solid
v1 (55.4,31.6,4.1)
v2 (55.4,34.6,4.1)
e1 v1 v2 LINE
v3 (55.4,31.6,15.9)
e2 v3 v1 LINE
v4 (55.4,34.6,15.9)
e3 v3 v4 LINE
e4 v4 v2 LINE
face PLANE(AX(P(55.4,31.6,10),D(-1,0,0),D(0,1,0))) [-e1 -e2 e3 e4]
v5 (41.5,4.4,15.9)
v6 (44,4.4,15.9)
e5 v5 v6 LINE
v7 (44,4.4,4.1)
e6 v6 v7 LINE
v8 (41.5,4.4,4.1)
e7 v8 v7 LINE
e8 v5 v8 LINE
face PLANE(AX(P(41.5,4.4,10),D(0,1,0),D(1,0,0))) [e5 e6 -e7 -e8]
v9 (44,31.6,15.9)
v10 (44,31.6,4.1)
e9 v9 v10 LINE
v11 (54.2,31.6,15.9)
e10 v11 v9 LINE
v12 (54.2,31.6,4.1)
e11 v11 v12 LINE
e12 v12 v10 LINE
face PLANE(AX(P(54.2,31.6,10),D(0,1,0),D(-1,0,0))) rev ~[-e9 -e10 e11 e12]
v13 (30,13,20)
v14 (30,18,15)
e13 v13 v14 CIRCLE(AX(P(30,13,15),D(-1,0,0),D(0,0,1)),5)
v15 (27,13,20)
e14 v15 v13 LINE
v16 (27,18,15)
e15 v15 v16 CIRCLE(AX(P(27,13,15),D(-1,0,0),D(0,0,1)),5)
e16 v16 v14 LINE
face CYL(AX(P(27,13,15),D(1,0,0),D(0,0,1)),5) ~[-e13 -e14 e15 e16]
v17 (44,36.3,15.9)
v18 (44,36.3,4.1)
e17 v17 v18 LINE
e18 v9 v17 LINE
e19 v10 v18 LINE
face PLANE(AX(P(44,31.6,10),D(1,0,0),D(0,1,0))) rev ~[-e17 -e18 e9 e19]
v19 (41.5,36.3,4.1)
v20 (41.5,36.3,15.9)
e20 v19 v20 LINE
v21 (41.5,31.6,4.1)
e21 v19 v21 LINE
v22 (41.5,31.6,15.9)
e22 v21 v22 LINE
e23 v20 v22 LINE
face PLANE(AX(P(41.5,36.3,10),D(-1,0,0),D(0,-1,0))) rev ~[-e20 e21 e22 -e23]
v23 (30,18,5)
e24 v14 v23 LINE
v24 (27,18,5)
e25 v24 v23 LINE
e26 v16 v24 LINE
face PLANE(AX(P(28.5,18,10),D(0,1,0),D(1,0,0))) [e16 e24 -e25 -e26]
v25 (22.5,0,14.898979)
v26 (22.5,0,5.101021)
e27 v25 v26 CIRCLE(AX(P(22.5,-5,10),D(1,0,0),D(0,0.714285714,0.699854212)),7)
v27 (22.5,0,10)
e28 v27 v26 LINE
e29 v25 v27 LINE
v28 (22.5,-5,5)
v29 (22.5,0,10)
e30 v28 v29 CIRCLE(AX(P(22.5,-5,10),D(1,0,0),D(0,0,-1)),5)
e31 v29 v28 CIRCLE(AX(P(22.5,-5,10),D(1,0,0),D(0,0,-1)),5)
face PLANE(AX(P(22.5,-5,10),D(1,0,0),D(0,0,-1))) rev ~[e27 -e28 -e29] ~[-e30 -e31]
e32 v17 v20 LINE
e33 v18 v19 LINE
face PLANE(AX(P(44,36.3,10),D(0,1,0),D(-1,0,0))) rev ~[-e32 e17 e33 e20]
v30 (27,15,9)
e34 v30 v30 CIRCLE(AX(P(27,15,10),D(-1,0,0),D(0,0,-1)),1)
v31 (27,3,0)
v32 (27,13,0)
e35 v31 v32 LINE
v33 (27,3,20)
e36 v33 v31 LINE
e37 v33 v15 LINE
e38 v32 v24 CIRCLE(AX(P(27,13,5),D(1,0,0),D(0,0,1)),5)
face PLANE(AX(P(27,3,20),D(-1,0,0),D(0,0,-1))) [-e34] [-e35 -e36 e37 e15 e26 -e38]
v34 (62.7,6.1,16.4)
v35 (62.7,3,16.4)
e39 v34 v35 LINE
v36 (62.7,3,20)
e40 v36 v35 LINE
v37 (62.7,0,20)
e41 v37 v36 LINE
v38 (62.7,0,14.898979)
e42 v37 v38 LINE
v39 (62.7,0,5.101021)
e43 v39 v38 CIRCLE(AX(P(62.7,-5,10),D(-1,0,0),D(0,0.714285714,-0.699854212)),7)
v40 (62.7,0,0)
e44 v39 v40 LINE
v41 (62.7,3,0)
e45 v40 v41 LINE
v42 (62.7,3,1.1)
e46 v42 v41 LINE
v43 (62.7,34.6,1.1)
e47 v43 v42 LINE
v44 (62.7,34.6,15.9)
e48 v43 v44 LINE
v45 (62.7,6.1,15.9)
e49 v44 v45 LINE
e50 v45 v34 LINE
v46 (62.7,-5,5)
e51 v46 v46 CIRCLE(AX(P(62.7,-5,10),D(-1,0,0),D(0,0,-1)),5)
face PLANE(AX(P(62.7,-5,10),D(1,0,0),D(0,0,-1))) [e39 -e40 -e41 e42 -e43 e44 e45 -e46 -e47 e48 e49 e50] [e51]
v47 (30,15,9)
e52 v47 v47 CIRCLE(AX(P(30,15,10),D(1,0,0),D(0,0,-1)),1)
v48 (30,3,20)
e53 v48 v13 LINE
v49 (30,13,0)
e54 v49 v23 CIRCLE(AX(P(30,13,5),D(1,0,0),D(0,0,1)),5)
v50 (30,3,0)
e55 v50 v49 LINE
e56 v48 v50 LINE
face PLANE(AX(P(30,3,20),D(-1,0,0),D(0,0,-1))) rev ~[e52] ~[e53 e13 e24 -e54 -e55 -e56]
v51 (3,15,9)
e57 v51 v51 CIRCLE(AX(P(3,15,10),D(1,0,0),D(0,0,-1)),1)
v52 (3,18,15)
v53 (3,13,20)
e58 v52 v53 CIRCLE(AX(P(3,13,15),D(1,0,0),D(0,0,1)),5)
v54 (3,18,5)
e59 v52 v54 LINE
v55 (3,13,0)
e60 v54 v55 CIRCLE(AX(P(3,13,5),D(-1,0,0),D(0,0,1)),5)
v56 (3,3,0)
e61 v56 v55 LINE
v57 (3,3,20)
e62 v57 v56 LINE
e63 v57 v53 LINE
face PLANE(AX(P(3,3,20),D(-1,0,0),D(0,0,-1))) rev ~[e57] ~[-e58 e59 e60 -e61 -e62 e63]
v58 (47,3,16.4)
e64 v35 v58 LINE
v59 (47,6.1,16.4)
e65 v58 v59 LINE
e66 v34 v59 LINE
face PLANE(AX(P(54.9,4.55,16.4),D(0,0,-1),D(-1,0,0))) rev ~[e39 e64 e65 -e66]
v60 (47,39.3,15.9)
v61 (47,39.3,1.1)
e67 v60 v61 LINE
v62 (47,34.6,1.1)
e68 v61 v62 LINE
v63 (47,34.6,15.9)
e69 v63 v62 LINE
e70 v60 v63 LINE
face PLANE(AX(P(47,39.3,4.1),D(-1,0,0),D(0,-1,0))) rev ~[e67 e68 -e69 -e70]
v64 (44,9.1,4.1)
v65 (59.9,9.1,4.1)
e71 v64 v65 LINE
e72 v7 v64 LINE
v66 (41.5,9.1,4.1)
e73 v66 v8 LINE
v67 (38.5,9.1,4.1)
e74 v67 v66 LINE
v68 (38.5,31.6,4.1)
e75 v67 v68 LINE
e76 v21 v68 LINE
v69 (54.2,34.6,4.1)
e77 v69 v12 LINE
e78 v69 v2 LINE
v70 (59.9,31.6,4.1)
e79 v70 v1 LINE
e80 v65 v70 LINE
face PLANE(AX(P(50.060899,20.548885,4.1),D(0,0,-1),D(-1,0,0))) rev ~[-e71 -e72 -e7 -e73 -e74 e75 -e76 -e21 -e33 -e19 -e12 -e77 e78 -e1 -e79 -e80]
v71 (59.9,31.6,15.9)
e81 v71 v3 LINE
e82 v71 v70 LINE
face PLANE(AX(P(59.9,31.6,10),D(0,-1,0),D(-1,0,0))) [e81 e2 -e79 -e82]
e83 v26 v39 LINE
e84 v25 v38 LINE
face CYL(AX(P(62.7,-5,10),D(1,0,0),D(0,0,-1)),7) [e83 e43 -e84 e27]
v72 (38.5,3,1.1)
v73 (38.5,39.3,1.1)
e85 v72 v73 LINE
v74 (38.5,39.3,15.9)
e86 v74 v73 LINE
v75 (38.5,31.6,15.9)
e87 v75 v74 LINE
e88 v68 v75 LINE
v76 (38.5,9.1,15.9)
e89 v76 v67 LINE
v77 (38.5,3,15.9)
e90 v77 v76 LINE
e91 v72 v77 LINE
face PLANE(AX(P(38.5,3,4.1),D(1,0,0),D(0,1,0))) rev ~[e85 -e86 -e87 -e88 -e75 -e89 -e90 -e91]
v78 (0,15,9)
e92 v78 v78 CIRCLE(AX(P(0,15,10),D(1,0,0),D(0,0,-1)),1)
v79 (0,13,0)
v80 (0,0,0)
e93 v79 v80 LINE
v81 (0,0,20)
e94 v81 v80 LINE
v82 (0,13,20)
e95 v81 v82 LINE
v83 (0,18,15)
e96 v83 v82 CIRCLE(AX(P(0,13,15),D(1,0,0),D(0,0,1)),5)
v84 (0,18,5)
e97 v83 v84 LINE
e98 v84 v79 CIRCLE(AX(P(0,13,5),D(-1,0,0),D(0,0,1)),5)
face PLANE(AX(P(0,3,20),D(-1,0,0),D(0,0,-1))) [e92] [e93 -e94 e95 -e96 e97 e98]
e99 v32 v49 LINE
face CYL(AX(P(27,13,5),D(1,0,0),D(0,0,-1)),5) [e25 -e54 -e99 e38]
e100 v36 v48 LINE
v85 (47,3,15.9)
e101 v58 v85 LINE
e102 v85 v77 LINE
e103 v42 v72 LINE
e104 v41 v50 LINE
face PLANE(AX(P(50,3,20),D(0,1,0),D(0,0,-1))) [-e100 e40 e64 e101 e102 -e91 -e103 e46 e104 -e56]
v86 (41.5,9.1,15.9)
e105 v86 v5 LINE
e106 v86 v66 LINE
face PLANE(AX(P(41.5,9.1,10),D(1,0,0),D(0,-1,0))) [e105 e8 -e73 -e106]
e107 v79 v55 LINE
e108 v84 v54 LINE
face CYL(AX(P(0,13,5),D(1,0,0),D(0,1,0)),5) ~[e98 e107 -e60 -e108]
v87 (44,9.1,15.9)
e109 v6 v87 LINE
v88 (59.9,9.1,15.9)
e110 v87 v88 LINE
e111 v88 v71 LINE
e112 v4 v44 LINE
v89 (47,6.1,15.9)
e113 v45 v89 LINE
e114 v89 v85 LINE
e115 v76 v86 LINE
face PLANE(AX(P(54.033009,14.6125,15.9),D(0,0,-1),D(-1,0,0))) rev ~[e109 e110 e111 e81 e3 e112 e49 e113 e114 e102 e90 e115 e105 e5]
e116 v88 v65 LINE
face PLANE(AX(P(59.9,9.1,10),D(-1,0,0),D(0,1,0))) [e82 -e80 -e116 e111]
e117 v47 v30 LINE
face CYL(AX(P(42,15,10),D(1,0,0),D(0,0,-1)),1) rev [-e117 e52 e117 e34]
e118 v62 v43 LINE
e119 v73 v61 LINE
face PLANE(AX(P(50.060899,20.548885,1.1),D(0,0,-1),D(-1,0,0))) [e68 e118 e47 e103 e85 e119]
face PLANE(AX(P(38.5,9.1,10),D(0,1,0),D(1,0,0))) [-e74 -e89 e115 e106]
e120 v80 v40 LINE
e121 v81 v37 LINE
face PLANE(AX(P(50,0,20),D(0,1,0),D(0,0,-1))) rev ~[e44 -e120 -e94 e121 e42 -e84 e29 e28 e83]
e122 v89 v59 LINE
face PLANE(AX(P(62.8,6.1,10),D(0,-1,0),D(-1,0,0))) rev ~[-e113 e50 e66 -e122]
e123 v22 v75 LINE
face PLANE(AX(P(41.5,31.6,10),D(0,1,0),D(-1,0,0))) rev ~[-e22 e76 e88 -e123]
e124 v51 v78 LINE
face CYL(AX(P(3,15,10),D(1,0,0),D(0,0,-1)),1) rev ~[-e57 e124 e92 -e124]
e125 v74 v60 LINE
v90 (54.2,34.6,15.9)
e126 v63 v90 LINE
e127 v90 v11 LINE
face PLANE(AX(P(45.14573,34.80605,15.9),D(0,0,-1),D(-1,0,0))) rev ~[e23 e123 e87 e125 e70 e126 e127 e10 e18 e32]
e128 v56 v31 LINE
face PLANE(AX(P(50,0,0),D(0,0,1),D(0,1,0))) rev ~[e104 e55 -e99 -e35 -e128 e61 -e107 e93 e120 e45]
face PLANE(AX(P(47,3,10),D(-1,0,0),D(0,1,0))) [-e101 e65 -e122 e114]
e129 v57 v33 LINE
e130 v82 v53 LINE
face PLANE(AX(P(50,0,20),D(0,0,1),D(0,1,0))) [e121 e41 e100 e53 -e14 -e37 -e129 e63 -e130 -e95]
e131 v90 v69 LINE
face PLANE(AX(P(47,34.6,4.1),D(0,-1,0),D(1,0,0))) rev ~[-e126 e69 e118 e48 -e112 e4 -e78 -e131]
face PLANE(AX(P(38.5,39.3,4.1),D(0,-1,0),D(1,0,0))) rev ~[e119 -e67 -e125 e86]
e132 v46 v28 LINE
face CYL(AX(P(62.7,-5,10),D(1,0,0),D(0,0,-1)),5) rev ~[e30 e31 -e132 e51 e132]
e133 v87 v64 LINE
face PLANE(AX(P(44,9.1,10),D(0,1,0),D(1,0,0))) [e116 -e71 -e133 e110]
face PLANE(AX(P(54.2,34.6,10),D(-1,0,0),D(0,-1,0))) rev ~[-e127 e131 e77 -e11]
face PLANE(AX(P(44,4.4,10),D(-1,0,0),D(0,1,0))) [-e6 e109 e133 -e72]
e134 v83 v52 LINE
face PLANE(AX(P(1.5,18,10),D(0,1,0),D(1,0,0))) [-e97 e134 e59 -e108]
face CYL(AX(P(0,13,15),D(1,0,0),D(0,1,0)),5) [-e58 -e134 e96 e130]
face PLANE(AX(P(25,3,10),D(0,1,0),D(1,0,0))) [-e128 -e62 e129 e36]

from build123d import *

# Parameters (mm, degrees)
SKETCH1_W           = 50
SKETCH1_H           = 20
BOSS_EXTRUDE1_DEPTH = 3
SKETCH2_W           = 3
SKETCH2_H           = 20
BOSS_EXTRUDE2_DEPTH = 15
SKETCH3_R           = 1
CUT_EXTRUDE1_DEPTH  = 15
FILLET1_R           = 5
SKETCH4_W           = 3
SKETCH4_H           = 20
BOSS_EXTRUDE3_DEPTH = 15
CUT_EXTRUDE2_START  = -15
SKETCH5_R           = 1
CUT_EXTRUDE2_DEPTH  = 15
FILLET2_R           = 5
BOSS_EXTRUDE4_DEPTH = 5.9
SKETCH7_W           = 20
SKETCH7_H           = 3
BOSS_EXTRUDE5_DEPTH = 12.8
SKETCH8_W           = 15.8
SKETCH8_H           = 3.1
BOSS_EXTRUDE6_DEPTH = 6.4
BOSS_EXTRUDE7_DEPTH = 3
SKETCH10_W          = 43.689261584
SKETCH10_H          = 59.678024431
CUT_EXTRUDE4_DEPTH  = 0.2
SKETCH11_R          = 7
SKETCH11_R_2        = 5
BOSS_EXTRUDE8_DEPTH = 40.2


with BuildPart() as part:
    # Sketch1 → Boss-Extrude1 (new body)
    with BuildSketch(Plane(origin=(0, 0, 0), x_dir=(1, 0, 0), z_dir=(0, 1, 0))):
        with Locations((25, -10)):
            Rectangle(SKETCH1_W, SKETCH1_H)
    extrude(amount=BOSS_EXTRUDE1_DEPTH)

    # Sketch2 → Boss-Extrude2 (add)
    with BuildSketch(Plane(origin=(0, 3, 0), x_dir=(1, 0, 0), z_dir=(0, 1, 0))):
        with Locations((1.5, -10)):
            Rectangle(SKETCH2_W, SKETCH2_H)
    extrude(amount=BOSS_EXTRUDE2_DEPTH)

    # Sketch3 → Cut-Extrude1 (cut)
    with BuildSketch(Plane(origin=(3, 0, 0), x_dir=(0, 0, -1), z_dir=(1, 0, 0))):
        with Locations((-10, 15)):
            Circle(SKETCH3_R)
    extrude(amount=-CUT_EXTRUDE1_DEPTH, mode=Mode.SUBTRACT)

    # Fillet1
    fillet1_edges = [part.edges().sort_by_distance(p)[0] for p in [
        (1.5, 18, 20),
        (1.5, 18, 0),
    ]]
    fillet(fillet1_edges, radius=FILLET1_R)

    # Sketch4 → Boss-Extrude3 (add)
    with BuildSketch(Plane(origin=(0, 3, 0), x_dir=(1, 0, 0), z_dir=(0, 1, 0))):
        with Locations((28.5, -10)):
            Rectangle(SKETCH4_W, SKETCH4_H)
    extrude(amount=BOSS_EXTRUDE3_DEPTH)

    # Sketch5 → Cut-Extrude2 (cut)
    with BuildSketch(Plane.ZY.offset(-27).offset(CUT_EXTRUDE2_START)):
        with Locations(Location((10, 15, 0), (0, 0, 180))):
            Circle(SKETCH5_R)
    extrude(amount=CUT_EXTRUDE2_DEPTH, mode=Mode.SUBTRACT)

    # Fillet2
    fillet2_edges = [part.edges().sort_by_distance(p)[0] for p in [
        (28.5, 18, 20),
        (28.5, 18, 0),
    ]]
    fillet(fillet2_edges, radius=FILLET2_R)

    # Sketch6 → Boss-Extrude4 (add, symmetric)
    with BuildSketch(Plane(origin=(0, 0, 10), x_dir=(-1, 0, 0), z_dir=(0, 0, -1))):
        Polygon((-38.5, 31.6), (-38.5, 34.6), (-38.5, 39.3), (-47, 39.3), (-47, 34.6), (-54.2, 34.6), (-54.2, 31.6), (-44, 31.6), (-44, 36.3), (-41.5, 36.3), (-41.5, 31.6), align=None)
        Polygon((-38.5, 1.4), (-38.5, 6.1), (-38.5, 9.1), (-41.5, 9.1), (-41.5, 4.4), (-44, 4.4), (-44, 9.1), (-59.9, 9.1), (-59.9, 31.6), (-55.4, 31.6), (-55.4, 34.6), (-62.9, 34.6), (-62.9, 6.1), (-47, 6.1), (-47, 1.4), align=None)
    extrude(amount=BOSS_EXTRUDE4_DEPTH, both=True)


with BuildPart() as boss_extrude4_piece_1:
    # of the separate pieces the step leaves, piece 1, a body of its own (boss_extrude4_pieces)
    add(part.part.solids().sort_by_distance((27, 13, 0))[0])

    # Sketch7 → Boss-Extrude5 (add)
    with BuildSketch(Plane(origin=(50, 0, 0), x_dir=(0, 0, -1), z_dir=(1, 0, 0))):
        with Locations((-10, 1.5)):
            Rectangle(SKETCH7_W, SKETCH7_H)
    extrude(amount=BOSS_EXTRUDE5_DEPTH)

    # Sketch8 → Boss-Extrude6 (add, symmetric)
    with BuildSketch(Plane(origin=(0, 0, 10), x_dir=(-1, 0, 0), z_dir=(0, 0, -1))):
        with Locations((-54.9, 4.55)):
            Rectangle(SKETCH8_W, SKETCH8_H)
    extrude(amount=BOSS_EXTRUDE6_DEPTH, both=True)



with BuildPart() as boss_extrude4_piece_2:
    # of the separate pieces the step leaves, piece 2, a body of its own (boss_extrude4_pieces)
    add(part.part.solids().sort_by_distance((38.5, 31.6, 15.9))[0])


with BuildPart() as boss_extrude4_piece_1_1:
    add(boss_extrude4_piece_1.part)

    add(boss_extrude4_piece_2.part)  # Boss-Extrude7 merges Boss-Extrude4 piece 2
    # Sketch9 → Boss-Extrude7 (add)
    with BuildSketch(Plane(origin=(0, 0, 4.1), x_dir=(-1, 0, 0), z_dir=(0, 0, -1))):
        Polygon((-38.5, 3), (-38.5, 39.3), (-47, 39.3), (-47, 34.6), (-62.9, 34.6), (-62.8, 3), align=None)
    extrude(amount=BOSS_EXTRUDE7_DEPTH)

    # Sketch10 → Cut-Extrude4 (cut)
    with BuildSketch(Plane(origin=(62.9, 0, 0), x_dir=(0, 0, -1), z_dir=(1, 0, 0))):
        with Locations((-9.388309177, 18.772485295)):
            Rectangle(SKETCH10_W, SKETCH10_H)
    extrude(amount=-CUT_EXTRUDE4_DEPTH, mode=Mode.SUBTRACT)

    # Sketch11 → Boss-Extrude8 (add)
    with BuildSketch(Plane(origin=(62.7, 0, 0), x_dir=(0, 0, -1), z_dir=(1, 0, 0))):
        with Locations((-10, -5)):
            Circle(SKETCH11_R)
        with Locations((-10, -5)):
            Circle(SKETCH11_R_2, mode=Mode.SUBTRACT)
    extrude(amount=-BOSS_EXTRUDE8_DEPTH)


solid = boss_extrude4_piece_1_1.part
